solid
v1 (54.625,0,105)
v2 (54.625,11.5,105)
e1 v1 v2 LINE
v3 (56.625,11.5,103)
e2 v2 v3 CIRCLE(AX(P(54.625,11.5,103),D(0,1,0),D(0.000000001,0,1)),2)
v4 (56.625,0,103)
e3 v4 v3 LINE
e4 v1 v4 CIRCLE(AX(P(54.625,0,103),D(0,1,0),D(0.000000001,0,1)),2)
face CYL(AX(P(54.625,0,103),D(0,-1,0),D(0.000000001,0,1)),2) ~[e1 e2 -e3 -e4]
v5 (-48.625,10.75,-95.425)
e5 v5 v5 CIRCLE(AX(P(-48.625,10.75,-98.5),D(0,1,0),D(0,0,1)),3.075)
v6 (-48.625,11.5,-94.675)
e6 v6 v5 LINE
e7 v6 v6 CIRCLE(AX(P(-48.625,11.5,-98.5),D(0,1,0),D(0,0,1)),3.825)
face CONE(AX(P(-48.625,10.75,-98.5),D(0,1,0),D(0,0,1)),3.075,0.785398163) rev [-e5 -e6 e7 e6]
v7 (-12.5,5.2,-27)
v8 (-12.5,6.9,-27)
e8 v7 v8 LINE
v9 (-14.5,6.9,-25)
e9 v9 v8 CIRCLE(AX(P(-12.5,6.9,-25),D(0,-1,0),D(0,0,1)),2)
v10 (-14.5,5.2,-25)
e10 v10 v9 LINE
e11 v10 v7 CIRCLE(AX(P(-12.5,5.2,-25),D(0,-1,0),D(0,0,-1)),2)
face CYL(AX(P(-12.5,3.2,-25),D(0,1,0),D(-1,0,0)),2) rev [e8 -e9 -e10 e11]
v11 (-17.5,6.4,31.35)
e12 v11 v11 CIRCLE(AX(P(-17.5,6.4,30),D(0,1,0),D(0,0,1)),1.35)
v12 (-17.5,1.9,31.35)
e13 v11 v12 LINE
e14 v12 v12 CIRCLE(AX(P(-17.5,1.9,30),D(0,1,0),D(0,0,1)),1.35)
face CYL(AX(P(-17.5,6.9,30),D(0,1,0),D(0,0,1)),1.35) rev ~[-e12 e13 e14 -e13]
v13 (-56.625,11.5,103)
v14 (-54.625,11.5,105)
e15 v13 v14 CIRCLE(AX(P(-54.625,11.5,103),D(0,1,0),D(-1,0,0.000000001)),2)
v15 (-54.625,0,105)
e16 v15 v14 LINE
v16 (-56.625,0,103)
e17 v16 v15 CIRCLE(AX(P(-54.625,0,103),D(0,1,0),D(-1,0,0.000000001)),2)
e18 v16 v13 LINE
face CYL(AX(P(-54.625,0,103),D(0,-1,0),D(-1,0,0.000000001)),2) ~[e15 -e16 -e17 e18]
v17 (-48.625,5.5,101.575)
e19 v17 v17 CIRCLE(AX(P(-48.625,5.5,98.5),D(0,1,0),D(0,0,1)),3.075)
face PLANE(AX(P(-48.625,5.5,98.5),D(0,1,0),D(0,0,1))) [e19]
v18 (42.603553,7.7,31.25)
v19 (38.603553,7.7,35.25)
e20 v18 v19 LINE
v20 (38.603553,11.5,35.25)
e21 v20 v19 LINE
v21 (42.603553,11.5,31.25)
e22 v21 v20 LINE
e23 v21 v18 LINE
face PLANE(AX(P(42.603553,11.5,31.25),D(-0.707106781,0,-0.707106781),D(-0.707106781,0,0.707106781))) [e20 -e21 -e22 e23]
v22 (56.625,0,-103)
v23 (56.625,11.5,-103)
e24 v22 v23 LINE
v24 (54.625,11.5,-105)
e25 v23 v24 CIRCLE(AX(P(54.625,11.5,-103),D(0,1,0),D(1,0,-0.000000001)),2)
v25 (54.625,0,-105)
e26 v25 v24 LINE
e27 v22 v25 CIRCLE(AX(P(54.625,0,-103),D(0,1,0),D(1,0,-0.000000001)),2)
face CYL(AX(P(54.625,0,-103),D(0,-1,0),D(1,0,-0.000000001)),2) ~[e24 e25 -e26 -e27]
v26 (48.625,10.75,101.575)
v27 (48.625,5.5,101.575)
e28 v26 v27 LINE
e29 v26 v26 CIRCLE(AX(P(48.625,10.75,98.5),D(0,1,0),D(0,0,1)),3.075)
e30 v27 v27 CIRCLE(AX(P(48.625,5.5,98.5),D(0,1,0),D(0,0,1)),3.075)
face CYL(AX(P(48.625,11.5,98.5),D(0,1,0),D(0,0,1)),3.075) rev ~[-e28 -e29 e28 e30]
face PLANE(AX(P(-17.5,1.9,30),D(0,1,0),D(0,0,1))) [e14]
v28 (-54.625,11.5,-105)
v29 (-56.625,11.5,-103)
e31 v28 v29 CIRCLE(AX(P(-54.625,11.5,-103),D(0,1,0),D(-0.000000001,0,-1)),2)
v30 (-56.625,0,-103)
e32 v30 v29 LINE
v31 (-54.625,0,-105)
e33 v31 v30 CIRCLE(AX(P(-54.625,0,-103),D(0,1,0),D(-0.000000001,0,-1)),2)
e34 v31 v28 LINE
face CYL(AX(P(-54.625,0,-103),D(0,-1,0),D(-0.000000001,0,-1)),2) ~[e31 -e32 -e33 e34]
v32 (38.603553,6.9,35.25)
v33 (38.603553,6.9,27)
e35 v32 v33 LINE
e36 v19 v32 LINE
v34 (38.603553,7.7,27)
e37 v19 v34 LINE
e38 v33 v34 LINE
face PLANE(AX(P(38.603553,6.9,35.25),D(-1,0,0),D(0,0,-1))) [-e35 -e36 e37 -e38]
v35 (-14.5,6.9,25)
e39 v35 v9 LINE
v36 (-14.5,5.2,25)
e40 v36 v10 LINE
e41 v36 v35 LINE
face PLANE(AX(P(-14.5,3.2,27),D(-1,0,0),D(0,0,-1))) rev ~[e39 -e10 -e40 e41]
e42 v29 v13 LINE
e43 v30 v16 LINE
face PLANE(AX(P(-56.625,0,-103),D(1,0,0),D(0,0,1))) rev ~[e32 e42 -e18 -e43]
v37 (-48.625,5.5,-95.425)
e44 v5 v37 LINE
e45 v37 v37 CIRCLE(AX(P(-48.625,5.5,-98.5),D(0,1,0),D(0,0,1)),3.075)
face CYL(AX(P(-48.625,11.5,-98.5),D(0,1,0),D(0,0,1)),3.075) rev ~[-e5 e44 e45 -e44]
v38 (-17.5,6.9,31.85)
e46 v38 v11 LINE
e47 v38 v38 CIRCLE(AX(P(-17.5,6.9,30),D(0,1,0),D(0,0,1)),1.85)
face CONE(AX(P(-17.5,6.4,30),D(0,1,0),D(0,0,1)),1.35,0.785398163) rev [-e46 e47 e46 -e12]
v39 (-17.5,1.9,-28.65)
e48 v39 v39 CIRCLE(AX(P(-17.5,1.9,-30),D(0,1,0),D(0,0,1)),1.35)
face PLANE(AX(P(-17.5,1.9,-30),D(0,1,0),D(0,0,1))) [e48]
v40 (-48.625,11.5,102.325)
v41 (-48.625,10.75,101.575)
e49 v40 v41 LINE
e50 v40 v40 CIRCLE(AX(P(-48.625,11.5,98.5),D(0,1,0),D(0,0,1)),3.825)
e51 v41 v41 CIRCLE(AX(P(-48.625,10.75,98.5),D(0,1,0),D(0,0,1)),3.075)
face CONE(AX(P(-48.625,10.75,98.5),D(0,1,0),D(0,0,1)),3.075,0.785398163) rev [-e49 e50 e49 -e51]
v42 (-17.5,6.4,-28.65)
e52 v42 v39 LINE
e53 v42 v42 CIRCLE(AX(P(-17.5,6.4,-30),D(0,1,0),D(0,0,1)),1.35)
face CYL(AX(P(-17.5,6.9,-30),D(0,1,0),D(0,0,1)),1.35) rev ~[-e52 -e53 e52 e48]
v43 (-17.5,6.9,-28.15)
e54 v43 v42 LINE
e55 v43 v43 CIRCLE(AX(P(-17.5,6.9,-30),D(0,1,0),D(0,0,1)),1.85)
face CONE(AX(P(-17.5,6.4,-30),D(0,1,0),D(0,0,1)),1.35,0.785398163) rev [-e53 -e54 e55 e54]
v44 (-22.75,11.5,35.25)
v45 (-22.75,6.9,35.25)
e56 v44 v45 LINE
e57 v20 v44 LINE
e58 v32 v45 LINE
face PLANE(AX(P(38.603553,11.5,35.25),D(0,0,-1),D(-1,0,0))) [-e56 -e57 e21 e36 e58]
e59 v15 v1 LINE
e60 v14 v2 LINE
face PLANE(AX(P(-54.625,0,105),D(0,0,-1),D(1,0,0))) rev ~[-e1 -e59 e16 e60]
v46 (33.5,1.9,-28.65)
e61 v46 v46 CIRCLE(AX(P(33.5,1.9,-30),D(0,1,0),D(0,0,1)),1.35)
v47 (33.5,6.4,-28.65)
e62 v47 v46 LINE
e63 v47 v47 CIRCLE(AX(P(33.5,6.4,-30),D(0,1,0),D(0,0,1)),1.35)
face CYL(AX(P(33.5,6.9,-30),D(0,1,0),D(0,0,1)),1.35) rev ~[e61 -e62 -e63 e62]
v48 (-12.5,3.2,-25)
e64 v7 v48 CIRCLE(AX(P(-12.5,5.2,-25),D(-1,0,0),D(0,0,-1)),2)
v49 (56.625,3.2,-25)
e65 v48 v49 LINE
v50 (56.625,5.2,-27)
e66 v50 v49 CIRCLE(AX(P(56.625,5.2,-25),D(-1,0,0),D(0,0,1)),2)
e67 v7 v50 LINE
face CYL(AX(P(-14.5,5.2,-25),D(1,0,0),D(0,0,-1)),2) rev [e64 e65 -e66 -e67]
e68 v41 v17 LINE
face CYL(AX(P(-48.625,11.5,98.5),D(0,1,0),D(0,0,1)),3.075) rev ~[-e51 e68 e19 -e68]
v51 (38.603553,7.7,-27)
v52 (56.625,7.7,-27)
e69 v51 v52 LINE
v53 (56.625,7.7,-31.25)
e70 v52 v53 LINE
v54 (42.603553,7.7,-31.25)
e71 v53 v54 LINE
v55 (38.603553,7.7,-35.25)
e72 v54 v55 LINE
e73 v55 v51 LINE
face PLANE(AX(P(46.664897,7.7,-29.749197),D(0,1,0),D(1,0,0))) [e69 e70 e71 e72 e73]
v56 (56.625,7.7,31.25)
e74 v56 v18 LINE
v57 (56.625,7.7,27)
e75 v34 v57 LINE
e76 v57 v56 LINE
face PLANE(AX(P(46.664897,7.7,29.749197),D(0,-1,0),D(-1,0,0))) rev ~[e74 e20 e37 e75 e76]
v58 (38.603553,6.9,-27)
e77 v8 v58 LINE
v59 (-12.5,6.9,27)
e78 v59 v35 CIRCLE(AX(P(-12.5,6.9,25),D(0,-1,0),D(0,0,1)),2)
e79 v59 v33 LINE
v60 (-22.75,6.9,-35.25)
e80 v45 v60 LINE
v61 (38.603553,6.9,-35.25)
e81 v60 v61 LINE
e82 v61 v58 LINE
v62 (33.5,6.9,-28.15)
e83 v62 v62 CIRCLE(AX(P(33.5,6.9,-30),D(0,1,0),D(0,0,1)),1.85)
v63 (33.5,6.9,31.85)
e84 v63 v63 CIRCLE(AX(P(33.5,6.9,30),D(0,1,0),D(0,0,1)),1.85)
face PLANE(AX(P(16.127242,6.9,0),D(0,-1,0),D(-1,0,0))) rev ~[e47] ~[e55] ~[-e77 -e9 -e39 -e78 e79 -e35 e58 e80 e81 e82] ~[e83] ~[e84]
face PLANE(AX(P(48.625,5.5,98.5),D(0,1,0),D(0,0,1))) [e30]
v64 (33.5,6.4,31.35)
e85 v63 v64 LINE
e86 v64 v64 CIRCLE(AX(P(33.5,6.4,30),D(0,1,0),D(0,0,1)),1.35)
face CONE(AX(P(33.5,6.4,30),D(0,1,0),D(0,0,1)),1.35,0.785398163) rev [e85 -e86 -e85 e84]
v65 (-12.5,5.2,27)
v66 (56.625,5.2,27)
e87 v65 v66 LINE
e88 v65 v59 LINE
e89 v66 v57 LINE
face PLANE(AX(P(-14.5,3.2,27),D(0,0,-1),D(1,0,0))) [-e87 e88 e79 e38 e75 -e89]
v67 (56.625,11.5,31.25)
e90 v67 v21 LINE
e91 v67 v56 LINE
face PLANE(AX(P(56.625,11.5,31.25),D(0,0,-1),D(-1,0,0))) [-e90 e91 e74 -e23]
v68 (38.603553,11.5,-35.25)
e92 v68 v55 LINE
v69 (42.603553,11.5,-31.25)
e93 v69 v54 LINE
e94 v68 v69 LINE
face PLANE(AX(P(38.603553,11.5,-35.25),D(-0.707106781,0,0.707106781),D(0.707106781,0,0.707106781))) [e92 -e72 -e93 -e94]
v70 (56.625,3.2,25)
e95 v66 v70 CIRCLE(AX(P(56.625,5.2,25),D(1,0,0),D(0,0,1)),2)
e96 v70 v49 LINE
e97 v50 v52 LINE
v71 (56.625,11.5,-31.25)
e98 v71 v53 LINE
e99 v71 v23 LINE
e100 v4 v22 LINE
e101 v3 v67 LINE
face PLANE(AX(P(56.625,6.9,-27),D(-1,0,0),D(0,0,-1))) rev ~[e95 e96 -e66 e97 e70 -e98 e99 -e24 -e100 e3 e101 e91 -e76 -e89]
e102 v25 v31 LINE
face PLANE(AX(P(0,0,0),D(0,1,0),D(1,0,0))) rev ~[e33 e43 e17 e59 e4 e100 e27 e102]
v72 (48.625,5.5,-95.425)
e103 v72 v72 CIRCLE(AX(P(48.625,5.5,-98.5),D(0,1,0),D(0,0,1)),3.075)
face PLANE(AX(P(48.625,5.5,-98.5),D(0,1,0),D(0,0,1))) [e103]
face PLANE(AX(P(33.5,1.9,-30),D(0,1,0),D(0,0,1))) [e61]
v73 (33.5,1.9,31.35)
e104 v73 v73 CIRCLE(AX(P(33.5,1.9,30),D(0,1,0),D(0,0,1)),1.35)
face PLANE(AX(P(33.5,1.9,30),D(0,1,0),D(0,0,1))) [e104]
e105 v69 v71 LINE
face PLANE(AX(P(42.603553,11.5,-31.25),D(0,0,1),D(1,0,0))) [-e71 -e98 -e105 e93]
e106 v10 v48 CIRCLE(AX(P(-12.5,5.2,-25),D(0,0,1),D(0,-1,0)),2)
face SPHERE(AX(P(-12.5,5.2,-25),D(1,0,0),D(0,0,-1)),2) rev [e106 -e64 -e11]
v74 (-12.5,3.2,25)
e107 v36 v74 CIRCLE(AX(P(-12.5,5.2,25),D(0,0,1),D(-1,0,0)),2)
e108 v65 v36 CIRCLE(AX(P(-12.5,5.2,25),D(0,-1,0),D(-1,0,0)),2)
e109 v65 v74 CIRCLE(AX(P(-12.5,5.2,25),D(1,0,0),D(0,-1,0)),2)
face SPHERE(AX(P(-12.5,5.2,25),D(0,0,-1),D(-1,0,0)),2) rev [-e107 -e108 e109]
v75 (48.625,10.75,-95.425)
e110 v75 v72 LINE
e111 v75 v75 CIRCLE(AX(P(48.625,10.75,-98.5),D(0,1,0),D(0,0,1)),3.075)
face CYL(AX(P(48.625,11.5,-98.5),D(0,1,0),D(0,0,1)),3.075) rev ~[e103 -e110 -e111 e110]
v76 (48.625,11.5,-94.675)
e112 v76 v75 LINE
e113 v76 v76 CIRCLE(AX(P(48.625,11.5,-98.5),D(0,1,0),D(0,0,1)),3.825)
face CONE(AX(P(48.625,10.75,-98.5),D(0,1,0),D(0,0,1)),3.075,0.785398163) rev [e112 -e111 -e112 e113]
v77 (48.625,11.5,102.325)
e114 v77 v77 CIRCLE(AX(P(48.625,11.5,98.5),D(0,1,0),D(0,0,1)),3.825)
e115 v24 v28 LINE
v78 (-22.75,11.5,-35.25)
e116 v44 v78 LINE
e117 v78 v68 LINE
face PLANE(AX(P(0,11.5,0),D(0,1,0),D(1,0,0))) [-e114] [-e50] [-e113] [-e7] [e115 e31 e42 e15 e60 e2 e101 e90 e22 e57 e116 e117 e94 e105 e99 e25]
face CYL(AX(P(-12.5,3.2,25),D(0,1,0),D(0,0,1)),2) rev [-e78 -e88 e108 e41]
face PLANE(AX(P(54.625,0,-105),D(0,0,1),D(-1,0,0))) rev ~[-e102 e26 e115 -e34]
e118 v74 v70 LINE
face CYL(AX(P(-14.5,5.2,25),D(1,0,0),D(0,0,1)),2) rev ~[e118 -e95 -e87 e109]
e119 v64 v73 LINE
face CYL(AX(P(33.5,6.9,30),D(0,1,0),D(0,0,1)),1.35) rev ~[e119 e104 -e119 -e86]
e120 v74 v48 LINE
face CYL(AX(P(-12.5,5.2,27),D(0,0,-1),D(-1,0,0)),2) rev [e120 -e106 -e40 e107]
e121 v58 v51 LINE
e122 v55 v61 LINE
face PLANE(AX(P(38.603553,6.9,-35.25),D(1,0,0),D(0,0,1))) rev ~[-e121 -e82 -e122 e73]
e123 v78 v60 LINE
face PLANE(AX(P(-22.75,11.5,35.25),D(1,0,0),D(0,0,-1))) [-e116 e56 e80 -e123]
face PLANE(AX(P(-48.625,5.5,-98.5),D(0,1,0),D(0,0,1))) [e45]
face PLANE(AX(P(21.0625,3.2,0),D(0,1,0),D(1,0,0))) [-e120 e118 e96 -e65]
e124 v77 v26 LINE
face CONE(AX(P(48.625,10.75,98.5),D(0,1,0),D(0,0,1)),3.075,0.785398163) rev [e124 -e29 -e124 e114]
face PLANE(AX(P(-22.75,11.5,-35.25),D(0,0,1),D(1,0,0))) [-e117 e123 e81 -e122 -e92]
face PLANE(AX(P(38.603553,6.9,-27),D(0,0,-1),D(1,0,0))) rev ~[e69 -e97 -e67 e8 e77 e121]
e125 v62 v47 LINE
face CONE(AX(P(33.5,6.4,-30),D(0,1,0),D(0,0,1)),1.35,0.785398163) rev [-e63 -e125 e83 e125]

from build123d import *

# Parameters (mm, degrees)
BOSS_EXTRUDE1_DEPTH     = 11.5
SKETCH4_R               = 3.075
CUT_EXTRUDE1_DEPTH      = 6
CUT_EXTRUDE6_DEPTH      = 4.6
CUT_EXTRUDE3_DEPTH      = 120.494772375
CUT_EXTRUDE3_DEPTH_BACK = 3.7
SKETCH24_W              = 71.125
SKETCH24_H              = 54
SKETCH25_R              = 1.35
CUT_EXTRUDE4_DEPTH      = 5
CHAMFER4_SIZE           = 0.5
FILLET1_R               = 2
BOSS_EXTRUDE2_DEPTH     = 0.8
CHAMFER5_SIZE           = 0.75


with BuildPart() as part:
    # Sketch1 → Boss-Extrude1 (new body)
    with BuildSketch(Plane(origin=(0, 0, 0), x_dir=(1, 0, 0), z_dir=(0, 1, 0))):
        with BuildLine():
            Line((-56.625, 90), (-56.625, -90))
            Line((-56.625, -90), (-56.625, -103))
            ThreePointArc((-56.625, -103), (-56.039213562, -104.414213562), (-54.625, -105))
            Line((-54.625, -105), (54.625, -105))
            ThreePointArc((54.625, -105), (56.039213562, -104.414213562), (56.625, -103))
            Line((56.625, -103), (56.625, -90))
            Line((56.625, -90), (56.625, 90))
            Line((56.625, 90), (56.625, 103))
            ThreePointArc((56.625, 103), (56.039213562, 104.414213562), (54.625, 105))
            Line((54.625, 105), (-54.625, 105))
            ThreePointArc((-54.625, 105), (-56.039213562, 104.414213562), (-56.625, 103))
            Line((-56.625, 103), (-56.625, 90))
        make_face()
    extrude(amount=BOSS_EXTRUDE1_DEPTH)

    # Sketch4 → Cut-Extrude1 (cut)
    with BuildSketch(Plane(origin=(0, 11.5, 0), x_dir=(1, 0, 0), z_dir=(0, 1, 0))):
        with Locations(Location((-48.625, -98.5, 0), (0, 0, 270))):
            Circle(SKETCH4_R)
        with Locations(Location((48.625, -98.5, 0), (0, 0, 270))):
            Circle(SKETCH4_R)
        with Locations(Location((48.625, 98.5, 0), (0, 0, 270))):
            Circle(SKETCH4_R)
        with Locations(Location((-48.625, 98.5, 0), (0, 0, 270))):
            Circle(SKETCH4_R)
    extrude(amount=-CUT_EXTRUDE1_DEPTH, mode=Mode.SUBTRACT)

    # Sketch21 → Cut-Extrude6 (cut)
    with BuildSketch(Plane(origin=(0, 11.5, 0), x_dir=(1, 0, 0), z_dir=(0, 1, 0))):
        Polygon((56.625, 31), (56.625, -31), (56.625, -31.25), (42.603553391, -31.25), (38.603553391, -35.25), (-22.75, -35.25), (-22.75, 35.25), (38.603553391, 35.25), (42.603553391, 31.25), (56.625, 31.25), align=None)
    extrude(amount=-CUT_EXTRUDE6_DEPTH, mode=Mode.SUBTRACT)

    # Sketch24 → Cut-Extrude3 (cut, two sides: drawn at the far end of the back side and taken through both)
    with BuildSketch(Plane(origin=(0, 6.9, 0), x_dir=(1, 0, 0), z_dir=(0, 1, 0)).offset(-CUT_EXTRUDE3_DEPTH_BACK)):
        with Locations((21.0625, 0)):
            Rectangle(SKETCH24_W, SKETCH24_H)
    extrude(amount=CUT_EXTRUDE3_DEPTH + CUT_EXTRUDE3_DEPTH_BACK, mode=Mode.SUBTRACT)

    # Sketch25 → Cut-Extrude4 (cut)
    with BuildSketch(Plane(origin=(0, 6.9, 0), x_dir=(1, 0, 0), z_dir=(0, 1, 0))):
        with Locations(Location((33.5, 30, 0), (0, 0, 270))):
            Circle(SKETCH25_R)
        with Locations(Location((-17.5, 30, 0), (0, 0, 270))):
            Circle(SKETCH25_R)
        with Locations(Location((33.5, -30, 0), (0, 0, 270))):
            Circle(SKETCH25_R)
        with Locations(Location((-17.5, -30, 0), (0, 0, 270))):
            Circle(SKETCH25_R)
    extrude(amount=-CUT_EXTRUDE4_DEPTH, mode=Mode.SUBTRACT)

    # Chamfer4
    chamfer4_edges = [part.edges().sort_by_distance(p)[0] for p in [
        (-17.5, 6.9, -31.35),
        (33.5, 6.9, 28.65),
        (-17.5, 6.9, 28.65),
        (33.5, 6.9, -31.35),
    ]]
    chamfer(chamfer4_edges, length=CHAMFER4_SIZE)

    # Fillet1
    fillet1_edges = [part.edges().sort_by_distance(p)[0] for p in [
        (21.0625, 3.2, -27),
        (-14.5, 5.05, -27),
        (-14.5, 3.2, 0),
        (-14.5, 5.05, 27),
        (21.0625, 3.2, 27),
    ]]
    fillet(fillet1_edges, radius=FILLET1_R)

    # Sketch26 → Boss-Extrude2 (add)
    with BuildSketch(Plane(origin=(0, 6.9, 0), x_dir=(1, 0, 0), z_dir=(0, 1, 0))):
        Polygon((38.603553391, 35.25), (38.603553391, 27), (56.625, 27), (56.625, 31.25), (42.603553391, 31.25), align=None)
        Polygon((42.603553391, -31.25), (38.603553391, -35.25), (38.603553391, -27), (56.625, -27), (56.625, -31.25), align=None)
    extrude(amount=BOSS_EXTRUDE2_DEPTH)

    # Chamfer5
    chamfer5_edges = [part.edges().sort_by_distance(p)[0] for p in [
        (-48.625, 11.5, -101.575),
        (48.625, 11.5, -101.575),
        (48.625, 11.5, 95.425),
        (-48.625, 11.5, 95.425),
    ]]
    chamfer(chamfer5_edges, length=CHAMFER5_SIZE)


solid = part.part
